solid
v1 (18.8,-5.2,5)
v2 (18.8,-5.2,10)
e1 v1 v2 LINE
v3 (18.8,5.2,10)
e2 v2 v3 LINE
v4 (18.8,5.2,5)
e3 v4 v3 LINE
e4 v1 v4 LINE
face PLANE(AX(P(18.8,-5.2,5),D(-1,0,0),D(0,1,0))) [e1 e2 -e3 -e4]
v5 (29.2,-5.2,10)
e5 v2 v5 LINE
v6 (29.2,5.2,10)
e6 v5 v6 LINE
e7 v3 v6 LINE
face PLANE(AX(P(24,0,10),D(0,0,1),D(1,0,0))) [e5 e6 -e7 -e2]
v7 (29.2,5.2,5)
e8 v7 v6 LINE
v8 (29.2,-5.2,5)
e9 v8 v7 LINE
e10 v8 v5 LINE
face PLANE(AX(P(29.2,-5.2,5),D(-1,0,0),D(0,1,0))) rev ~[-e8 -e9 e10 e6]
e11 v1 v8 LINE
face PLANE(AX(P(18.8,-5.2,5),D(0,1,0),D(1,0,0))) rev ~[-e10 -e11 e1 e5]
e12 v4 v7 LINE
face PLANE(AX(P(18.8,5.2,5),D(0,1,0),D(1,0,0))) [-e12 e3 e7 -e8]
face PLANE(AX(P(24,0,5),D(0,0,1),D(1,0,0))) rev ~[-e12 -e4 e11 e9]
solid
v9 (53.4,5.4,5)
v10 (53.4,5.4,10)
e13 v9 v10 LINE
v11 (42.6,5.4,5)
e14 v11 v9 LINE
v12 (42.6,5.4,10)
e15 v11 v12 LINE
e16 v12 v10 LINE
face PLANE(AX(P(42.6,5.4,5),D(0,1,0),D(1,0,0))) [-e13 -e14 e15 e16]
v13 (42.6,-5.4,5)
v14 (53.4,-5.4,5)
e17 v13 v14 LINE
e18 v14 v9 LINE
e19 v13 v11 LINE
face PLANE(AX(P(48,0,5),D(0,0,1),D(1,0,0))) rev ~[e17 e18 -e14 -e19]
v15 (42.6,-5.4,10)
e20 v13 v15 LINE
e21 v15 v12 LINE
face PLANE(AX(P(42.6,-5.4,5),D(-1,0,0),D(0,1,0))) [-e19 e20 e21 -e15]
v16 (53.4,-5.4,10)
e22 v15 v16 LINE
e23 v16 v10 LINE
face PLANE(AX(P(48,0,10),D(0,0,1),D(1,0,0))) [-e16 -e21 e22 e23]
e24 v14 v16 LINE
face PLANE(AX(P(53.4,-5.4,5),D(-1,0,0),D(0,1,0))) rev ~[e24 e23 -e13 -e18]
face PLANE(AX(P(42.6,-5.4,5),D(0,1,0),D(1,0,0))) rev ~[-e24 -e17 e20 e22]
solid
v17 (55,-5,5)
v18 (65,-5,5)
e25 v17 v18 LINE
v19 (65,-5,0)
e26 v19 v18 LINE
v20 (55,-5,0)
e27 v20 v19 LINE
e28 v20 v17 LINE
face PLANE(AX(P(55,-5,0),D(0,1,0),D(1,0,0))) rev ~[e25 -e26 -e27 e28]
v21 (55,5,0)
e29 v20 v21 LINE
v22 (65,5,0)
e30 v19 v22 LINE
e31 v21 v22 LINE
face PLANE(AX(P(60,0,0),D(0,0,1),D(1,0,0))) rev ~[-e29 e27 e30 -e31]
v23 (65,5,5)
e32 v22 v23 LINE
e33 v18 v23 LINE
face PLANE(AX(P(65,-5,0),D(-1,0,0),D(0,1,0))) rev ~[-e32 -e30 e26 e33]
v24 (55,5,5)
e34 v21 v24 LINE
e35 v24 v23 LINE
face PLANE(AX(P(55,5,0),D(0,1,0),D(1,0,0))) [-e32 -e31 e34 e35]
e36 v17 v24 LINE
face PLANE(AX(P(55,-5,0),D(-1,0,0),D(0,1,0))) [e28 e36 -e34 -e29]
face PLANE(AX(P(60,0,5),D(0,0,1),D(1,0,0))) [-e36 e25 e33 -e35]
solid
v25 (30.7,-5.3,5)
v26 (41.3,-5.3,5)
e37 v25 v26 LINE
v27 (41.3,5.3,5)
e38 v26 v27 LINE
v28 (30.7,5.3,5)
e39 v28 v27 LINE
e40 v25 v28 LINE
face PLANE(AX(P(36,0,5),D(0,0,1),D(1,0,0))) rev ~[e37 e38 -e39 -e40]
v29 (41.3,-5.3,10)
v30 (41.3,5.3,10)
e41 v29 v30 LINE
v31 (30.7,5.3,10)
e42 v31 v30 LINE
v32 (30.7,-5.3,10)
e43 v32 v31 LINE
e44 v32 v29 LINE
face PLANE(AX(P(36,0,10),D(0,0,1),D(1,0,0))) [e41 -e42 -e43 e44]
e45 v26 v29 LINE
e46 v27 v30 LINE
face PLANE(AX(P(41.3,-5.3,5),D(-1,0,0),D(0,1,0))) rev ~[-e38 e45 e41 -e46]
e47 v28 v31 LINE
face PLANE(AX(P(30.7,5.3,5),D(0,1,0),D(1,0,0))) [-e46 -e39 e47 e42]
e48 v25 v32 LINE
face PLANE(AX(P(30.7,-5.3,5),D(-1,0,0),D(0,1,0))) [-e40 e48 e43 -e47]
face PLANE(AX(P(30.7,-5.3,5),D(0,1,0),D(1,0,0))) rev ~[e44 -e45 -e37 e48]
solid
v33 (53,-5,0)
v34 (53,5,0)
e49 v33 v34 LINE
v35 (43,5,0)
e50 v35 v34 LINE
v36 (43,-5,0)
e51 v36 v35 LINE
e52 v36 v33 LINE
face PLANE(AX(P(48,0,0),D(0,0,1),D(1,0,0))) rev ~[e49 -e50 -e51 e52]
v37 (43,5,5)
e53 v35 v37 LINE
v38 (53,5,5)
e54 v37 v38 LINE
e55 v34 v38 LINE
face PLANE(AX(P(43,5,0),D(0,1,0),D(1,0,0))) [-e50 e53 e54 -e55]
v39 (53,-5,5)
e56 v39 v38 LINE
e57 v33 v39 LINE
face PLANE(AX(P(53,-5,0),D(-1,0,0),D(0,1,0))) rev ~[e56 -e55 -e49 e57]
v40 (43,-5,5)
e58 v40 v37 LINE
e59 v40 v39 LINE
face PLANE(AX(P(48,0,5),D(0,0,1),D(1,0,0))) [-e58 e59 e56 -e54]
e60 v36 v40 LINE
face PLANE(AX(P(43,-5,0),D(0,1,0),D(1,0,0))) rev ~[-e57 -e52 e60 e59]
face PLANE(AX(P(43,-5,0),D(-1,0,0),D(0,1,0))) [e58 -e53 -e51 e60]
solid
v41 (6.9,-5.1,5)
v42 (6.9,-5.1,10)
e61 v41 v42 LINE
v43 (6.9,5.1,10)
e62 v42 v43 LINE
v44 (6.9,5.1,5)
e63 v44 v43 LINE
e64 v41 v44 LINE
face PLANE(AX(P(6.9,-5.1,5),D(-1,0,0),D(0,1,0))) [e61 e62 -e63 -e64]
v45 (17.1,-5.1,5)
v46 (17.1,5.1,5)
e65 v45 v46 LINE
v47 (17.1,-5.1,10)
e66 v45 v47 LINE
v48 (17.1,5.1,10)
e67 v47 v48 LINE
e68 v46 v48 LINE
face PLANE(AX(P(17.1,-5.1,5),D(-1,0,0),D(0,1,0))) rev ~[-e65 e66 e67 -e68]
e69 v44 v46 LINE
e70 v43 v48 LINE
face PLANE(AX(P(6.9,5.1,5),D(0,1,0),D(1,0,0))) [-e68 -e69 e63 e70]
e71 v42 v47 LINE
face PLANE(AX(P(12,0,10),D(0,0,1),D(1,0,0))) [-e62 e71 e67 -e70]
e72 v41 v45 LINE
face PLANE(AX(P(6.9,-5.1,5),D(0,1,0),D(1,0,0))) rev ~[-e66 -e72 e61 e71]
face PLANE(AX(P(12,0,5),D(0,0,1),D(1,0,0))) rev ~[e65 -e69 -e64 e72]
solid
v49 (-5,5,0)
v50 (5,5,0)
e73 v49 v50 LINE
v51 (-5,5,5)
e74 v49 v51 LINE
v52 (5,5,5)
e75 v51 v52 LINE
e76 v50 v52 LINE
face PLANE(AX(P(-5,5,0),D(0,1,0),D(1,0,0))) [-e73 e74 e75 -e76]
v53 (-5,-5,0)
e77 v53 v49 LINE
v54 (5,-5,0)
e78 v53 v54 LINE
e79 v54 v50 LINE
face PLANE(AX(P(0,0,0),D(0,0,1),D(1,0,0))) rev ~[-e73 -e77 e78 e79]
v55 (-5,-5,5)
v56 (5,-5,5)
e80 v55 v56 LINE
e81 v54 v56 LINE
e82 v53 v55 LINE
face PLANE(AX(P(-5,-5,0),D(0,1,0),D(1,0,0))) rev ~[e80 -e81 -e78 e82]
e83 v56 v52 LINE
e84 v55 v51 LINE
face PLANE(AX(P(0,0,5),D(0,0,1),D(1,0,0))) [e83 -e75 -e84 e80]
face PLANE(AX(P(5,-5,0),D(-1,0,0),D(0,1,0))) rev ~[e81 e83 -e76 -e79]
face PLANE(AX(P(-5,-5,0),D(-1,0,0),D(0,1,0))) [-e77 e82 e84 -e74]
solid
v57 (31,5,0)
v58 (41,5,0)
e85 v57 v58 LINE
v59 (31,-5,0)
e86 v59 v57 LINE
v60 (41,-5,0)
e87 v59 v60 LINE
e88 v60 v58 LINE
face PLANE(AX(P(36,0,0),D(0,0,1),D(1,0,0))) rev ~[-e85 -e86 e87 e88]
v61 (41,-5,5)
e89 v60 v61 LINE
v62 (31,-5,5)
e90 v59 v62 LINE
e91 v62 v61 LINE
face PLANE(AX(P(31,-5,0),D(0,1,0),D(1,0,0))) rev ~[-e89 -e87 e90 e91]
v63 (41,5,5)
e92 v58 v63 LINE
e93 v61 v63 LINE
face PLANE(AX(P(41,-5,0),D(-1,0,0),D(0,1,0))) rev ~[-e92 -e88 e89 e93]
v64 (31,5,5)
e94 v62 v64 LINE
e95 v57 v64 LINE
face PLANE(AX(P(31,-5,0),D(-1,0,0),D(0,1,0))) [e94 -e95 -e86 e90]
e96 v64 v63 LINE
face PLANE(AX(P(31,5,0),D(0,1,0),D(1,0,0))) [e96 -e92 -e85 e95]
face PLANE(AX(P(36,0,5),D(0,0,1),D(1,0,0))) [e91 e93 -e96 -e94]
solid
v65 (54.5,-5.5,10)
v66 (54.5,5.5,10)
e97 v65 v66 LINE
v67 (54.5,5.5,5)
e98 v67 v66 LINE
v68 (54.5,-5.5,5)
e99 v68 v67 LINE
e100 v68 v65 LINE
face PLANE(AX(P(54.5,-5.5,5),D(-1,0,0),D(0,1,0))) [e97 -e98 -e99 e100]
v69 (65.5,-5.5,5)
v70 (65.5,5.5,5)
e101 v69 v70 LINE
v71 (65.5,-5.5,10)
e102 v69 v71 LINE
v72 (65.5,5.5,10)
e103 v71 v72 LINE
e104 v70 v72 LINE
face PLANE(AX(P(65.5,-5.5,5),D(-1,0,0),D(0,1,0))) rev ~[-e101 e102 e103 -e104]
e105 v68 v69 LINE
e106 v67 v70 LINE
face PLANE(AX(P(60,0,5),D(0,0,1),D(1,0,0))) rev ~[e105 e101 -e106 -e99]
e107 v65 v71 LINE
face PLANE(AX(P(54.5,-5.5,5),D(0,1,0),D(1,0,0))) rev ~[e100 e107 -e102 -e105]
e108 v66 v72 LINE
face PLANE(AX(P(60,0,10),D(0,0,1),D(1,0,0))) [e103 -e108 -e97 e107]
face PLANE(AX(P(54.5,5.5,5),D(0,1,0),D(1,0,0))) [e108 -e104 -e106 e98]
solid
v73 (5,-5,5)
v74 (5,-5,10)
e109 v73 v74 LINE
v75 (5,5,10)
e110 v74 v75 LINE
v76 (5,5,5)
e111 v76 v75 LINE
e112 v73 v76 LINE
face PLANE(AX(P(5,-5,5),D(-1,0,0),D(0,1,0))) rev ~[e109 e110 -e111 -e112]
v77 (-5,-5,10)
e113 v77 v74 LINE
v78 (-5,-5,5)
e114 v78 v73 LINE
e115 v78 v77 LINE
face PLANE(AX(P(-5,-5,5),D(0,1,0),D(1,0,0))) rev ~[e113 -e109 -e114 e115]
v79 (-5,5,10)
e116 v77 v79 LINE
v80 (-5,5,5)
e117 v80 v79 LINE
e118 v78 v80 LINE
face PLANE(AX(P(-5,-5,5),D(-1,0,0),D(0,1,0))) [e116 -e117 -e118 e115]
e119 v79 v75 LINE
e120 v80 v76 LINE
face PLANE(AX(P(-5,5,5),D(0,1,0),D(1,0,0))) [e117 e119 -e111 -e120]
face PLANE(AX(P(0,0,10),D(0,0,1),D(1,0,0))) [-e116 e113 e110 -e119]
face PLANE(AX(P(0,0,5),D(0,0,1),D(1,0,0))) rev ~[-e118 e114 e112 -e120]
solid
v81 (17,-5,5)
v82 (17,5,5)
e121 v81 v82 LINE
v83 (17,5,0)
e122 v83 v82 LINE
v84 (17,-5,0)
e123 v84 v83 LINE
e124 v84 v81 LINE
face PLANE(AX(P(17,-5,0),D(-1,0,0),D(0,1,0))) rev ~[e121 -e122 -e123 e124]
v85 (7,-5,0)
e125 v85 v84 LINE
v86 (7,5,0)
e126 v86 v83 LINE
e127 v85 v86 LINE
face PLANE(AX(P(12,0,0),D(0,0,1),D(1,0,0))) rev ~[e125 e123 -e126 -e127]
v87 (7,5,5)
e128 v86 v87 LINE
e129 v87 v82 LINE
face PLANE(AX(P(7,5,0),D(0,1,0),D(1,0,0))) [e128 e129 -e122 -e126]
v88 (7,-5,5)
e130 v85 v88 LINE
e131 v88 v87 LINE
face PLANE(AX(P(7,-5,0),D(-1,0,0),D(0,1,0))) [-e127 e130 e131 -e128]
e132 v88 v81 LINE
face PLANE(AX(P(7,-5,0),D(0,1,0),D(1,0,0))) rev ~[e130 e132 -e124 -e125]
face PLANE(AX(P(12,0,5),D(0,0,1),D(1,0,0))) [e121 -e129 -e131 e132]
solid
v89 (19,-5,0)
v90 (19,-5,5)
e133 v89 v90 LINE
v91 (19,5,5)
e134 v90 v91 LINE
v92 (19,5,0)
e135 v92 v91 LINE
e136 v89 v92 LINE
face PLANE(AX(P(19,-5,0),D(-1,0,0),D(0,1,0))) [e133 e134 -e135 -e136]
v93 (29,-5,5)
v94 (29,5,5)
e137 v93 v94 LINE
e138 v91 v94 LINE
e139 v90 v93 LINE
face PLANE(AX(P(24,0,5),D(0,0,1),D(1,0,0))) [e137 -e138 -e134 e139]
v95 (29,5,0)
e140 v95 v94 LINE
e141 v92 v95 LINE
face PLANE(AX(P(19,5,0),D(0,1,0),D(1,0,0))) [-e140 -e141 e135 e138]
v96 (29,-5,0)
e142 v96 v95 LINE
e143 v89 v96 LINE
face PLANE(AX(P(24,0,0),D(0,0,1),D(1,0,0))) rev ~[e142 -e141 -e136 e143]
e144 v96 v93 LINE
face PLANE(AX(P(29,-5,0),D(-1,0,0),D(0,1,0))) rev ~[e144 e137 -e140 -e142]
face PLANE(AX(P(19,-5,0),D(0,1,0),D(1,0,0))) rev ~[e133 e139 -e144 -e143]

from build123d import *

# Parameters (mm, degrees)
SKETCH1_W             = 10
SKETCH1_H             = 10
BOSS_EXTRUDE1_DEPTH   = 5
BOSS_EXTRUDE1_2_DEPTH = 5
BOSS_EXTRUDE1_3_DEPTH = 5
BOSS_EXTRUDE1_4_DEPTH = 5
BOSS_EXTRUDE1_5_DEPTH = 5
BOSS_EXTRUDE1_6_DEPTH = 5
SKETCH2_W             = 10
SKETCH2_H             = 10
BOSS_EXTRUDE2_DEPTH   = 5
SKETCH2_W_2           = 10.2
SKETCH2_H_2           = 10.2
BOSS_EXTRUDE2_2_DEPTH = 5
SKETCH2_W_3           = 10.4
SKETCH2_H_3           = 10.4
BOSS_EXTRUDE2_3_DEPTH = 5
SKETCH2_W_4           = 10.6
SKETCH2_H_4           = 10.6
BOSS_EXTRUDE2_4_DEPTH = 5
SKETCH2_W_5           = 10.8
SKETCH2_H_5           = 10.8
BOSS_EXTRUDE2_5_DEPTH = 5
SKETCH2_W_6           = 11
SKETCH2_H_6           = 11
BOSS_EXTRUDE2_6_DEPTH = 5


with BuildPart() as part:
    # Sketch1 → Boss-Extrude1 (new body)
    with BuildSketch(Plane.XY):
        Rectangle(SKETCH1_W, SKETCH1_H)
    extrude(amount=BOSS_EXTRUDE1_DEPTH)


with BuildPart() as body_2:
    # Sketch1 → Boss-Extrude1 2 (new body)
    with BuildSketch(Plane.XY):
        with Locations((12, 0)):
            Rectangle(SKETCH1_W, SKETCH1_H)
    extrude(amount=BOSS_EXTRUDE1_2_DEPTH)


with BuildPart() as body_3:
    # Sketch1 → Boss-Extrude1 3 (new body)
    with BuildSketch(Plane.XY):
        with Locations((24, 0)):
            Rectangle(SKETCH1_W, SKETCH1_H)
    extrude(amount=BOSS_EXTRUDE1_3_DEPTH)


with BuildPart() as body_4:
    # Sketch1 → Boss-Extrude1 4 (new body)
    with BuildSketch(Plane.XY):
        with Locations((36, 0)):
            Rectangle(SKETCH1_W, SKETCH1_H)
    extrude(amount=BOSS_EXTRUDE1_4_DEPTH)


with BuildPart() as body_5:
    # Sketch1 → Boss-Extrude1 5 (new body)
    with BuildSketch(Plane.XY):
        with Locations((48, 0)):
            Rectangle(SKETCH1_W, SKETCH1_H)
    extrude(amount=BOSS_EXTRUDE1_5_DEPTH)


with BuildPart() as body_6:
    # Sketch1 → Boss-Extrude1 6 (new body)
    with BuildSketch(Plane.XY):
        with Locations((60, 0)):
            Rectangle(SKETCH1_W, SKETCH1_H)
    extrude(amount=BOSS_EXTRUDE1_6_DEPTH)


with BuildPart() as body_7:
    # Sketch2 → Boss-Extrude2 (new body)
    with BuildSketch(Plane.XY.offset(5)):
        Rectangle(SKETCH2_W, SKETCH2_H)
    extrude(amount=BOSS_EXTRUDE2_DEPTH)


with BuildPart() as body_8:
    # Sketch2 → Boss-Extrude2 2 (new body)
    with BuildSketch(Plane.XY.offset(5)):
        with Locations((12, 0)):
            Rectangle(SKETCH2_W_2, SKETCH2_H_2)
    extrude(amount=BOSS_EXTRUDE2_2_DEPTH)


with BuildPart() as body_9:
    # Sketch2 → Boss-Extrude2 3 (new body)
    with BuildSketch(Plane.XY.offset(5)):
        with Locations((24, 0)):
            Rectangle(SKETCH2_W_3, SKETCH2_H_3)
    extrude(amount=BOSS_EXTRUDE2_3_DEPTH)


with BuildPart() as body_10:
    # Sketch2 → Boss-Extrude2 4 (new body)
    with BuildSketch(Plane.XY.offset(5)):
        with Locations((36, 0)):
            Rectangle(SKETCH2_W_4, SKETCH2_H_4)
    extrude(amount=BOSS_EXTRUDE2_4_DEPTH)


with BuildPart() as body_11:
    # Sketch2 → Boss-Extrude2 5 (new body)
    with BuildSketch(Plane.XY.offset(5)):
        with Locations((48, 0)):
            Rectangle(SKETCH2_W_5, SKETCH2_H_5)
    extrude(amount=BOSS_EXTRUDE2_5_DEPTH)


with BuildPart() as body_12:
    # Sketch2 → Boss-Extrude2 6 (new body)
    with BuildSketch(Plane.XY.offset(5)):
        with Locations((60, 0)):
            Rectangle(SKETCH2_W_6, SKETCH2_H_6)
    extrude(amount=BOSS_EXTRUDE2_6_DEPTH)


solid = Compound([part.part, body_2.part, body_3.part, body_4.part, body_5.part, body_6.part, body_7.part, body_8.part, body_9.part, body_10.part, body_11.part, body_12.part])
